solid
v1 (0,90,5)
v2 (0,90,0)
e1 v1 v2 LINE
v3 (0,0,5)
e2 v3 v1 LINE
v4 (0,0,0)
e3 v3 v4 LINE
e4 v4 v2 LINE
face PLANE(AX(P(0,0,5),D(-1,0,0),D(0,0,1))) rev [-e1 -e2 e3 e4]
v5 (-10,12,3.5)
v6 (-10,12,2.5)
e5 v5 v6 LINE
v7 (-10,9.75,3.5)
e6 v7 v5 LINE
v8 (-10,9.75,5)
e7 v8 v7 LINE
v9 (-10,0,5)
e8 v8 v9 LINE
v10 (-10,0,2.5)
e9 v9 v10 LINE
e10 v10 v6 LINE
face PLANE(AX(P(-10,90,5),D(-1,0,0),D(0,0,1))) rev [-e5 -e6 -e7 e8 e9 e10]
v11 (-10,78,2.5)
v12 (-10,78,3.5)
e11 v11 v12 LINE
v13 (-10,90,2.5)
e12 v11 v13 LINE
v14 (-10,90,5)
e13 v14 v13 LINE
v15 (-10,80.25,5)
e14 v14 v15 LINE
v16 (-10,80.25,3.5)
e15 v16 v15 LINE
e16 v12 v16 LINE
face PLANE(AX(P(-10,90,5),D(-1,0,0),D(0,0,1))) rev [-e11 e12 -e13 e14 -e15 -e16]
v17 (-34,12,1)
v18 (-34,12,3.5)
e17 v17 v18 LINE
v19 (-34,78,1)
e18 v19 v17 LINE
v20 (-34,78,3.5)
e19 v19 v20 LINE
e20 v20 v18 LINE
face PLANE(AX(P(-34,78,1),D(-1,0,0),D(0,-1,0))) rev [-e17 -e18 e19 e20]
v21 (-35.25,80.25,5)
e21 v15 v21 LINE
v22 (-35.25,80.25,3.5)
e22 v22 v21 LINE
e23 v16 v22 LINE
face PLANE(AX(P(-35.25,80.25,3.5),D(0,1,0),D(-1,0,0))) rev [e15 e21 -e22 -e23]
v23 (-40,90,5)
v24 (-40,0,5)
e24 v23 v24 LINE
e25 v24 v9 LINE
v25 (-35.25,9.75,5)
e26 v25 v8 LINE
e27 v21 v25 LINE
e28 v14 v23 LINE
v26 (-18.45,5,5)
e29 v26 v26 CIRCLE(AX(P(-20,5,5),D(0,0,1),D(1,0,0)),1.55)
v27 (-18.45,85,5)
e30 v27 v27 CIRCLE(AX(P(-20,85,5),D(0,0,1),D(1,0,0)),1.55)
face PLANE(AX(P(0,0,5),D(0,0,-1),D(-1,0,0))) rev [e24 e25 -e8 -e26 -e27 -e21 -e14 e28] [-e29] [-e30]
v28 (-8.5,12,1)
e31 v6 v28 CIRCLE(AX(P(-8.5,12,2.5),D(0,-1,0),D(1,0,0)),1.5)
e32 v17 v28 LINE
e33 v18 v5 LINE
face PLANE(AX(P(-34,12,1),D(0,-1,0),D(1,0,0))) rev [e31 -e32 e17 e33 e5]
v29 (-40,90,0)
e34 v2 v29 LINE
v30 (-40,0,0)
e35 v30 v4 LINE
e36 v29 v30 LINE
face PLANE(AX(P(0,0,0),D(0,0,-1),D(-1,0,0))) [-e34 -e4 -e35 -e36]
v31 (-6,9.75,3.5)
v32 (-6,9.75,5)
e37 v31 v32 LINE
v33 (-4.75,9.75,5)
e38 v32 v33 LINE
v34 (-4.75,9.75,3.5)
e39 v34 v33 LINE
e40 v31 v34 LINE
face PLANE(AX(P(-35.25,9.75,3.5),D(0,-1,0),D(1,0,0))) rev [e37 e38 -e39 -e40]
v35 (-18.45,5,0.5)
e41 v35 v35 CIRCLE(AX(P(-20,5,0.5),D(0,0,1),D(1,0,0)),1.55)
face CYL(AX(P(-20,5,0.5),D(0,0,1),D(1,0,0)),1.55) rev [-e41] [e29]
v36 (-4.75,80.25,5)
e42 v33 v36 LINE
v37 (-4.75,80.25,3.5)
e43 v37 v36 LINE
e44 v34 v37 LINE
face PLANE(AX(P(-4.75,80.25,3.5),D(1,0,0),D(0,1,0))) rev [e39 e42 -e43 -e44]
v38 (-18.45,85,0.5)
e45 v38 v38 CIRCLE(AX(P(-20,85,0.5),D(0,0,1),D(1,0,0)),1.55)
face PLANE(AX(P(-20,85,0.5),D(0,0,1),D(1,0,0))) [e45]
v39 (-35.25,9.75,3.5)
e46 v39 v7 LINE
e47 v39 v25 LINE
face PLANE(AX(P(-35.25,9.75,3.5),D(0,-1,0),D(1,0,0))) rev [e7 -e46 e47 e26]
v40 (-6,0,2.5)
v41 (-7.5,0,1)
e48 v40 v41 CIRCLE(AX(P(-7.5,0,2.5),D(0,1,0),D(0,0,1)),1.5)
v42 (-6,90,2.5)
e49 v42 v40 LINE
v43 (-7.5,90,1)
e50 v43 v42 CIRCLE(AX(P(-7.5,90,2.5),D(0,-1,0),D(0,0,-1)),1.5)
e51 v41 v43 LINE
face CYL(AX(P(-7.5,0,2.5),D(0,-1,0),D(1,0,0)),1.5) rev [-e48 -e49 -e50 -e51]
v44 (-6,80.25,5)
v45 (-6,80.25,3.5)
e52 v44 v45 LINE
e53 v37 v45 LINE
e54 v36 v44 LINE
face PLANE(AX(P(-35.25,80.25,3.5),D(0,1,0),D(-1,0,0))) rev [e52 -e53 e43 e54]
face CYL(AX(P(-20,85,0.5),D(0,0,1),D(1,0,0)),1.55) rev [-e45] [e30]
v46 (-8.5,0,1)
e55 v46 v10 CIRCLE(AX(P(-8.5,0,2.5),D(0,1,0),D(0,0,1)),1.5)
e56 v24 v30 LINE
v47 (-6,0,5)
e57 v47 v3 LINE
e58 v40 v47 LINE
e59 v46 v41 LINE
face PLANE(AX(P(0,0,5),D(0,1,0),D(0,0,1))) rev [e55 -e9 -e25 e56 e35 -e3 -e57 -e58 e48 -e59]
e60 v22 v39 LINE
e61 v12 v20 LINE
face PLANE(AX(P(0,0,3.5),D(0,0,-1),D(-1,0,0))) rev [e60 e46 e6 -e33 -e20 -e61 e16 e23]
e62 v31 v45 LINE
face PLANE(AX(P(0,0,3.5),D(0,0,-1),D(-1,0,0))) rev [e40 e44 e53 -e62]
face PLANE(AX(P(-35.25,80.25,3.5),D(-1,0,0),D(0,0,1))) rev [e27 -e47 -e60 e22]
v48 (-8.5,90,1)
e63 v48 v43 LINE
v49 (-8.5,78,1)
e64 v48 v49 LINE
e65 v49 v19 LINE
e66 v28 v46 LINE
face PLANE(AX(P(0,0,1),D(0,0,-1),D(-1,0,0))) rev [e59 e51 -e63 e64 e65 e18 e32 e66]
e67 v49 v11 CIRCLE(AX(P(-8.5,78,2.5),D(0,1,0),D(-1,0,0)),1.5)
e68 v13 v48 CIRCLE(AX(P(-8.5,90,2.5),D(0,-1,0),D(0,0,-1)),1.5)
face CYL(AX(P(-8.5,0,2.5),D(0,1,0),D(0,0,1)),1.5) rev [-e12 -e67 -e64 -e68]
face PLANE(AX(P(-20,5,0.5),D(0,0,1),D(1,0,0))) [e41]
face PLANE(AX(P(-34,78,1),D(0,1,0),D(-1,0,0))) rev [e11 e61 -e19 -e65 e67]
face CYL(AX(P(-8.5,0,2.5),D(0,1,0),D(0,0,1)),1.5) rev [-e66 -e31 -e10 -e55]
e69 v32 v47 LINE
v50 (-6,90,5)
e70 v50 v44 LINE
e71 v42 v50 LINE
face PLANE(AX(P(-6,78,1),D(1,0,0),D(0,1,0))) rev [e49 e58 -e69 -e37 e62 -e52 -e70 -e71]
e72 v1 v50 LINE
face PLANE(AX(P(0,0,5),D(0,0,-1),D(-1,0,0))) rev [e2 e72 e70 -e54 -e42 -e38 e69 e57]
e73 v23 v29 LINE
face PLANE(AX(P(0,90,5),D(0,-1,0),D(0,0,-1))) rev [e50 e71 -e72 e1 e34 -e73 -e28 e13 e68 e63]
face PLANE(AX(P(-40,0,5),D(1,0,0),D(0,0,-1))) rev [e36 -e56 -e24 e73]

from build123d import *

# Parameters (mm, degrees)
SKETCH1_W           = 90
SKETCH1_H           = 40
BOSS_EXTRUDE1_DEPTH = 5
SKETCH2_W           = 30.5
SKETCH2_H           = 70.5
CUT_EXTRUDE1_DEPTH  = 1.5
SKETCH3_W           = 28
SKETCH3_H           = 66
CUT_EXTRUDE2_DEPTH  = 2.5
SKETCH4_W           = 4
SKETCH4_H           = 4
CUT_EXTRUDE3_DEPTH  = 99.615414617
FILLET1_R           = 1.5
SKETCH6_R           = 1.55
CUT_EXTRUDE5_DEPTH  = 4.5
SKETCH7_R           = 1.55
CUT_EXTRUDE6_DEPTH  = 4.5


with BuildPart() as part:
    # Sketch1 → Boss-Extrude1 (new body)
    with BuildSketch(Plane(origin=(0, 0, 0), x_dir=(0, 1, 0), z_dir=(0, 0, 1))):
        with Locations((45, 20)):
            Rectangle(SKETCH1_W, SKETCH1_H)
    extrude(amount=BOSS_EXTRUDE1_DEPTH)

    # Sketch2 → Cut-Extrude1 (cut)
    with BuildSketch(Plane.XY.offset(5)):
        with Locations((-20, 45)):
            Rectangle(SKETCH2_W, SKETCH2_H)
    extrude(amount=-CUT_EXTRUDE1_DEPTH, mode=Mode.SUBTRACT)

    # Sketch3 → Cut-Extrude2 (cut)
    with BuildSketch(Plane.XY.offset(3.5)):
        with Locations((-20, 45)):
            Rectangle(SKETCH3_W, SKETCH3_H)
    extrude(amount=-CUT_EXTRUDE2_DEPTH, mode=Mode.SUBTRACT)

    # Sketch4 → Cut-Extrude3 (cut, through all)
    with BuildSketch(Plane.XZ):
        with Locations((-8, 3)):
            Rectangle(SKETCH4_W, SKETCH4_H)
    extrude(amount=-CUT_EXTRUDE3_DEPTH, mode=Mode.SUBTRACT)

    # Fillet1
    fillet1_edges = [part.edges().sort_by_distance(p)[0] for p in [
        (-6, 45, 1),
        (-10, 84, 1),
        (-10, 6, 1),
    ]]
    fillet(fillet1_edges, radius=FILLET1_R)

    # Sketch6 → Cut-Extrude5 (cut)
    with BuildSketch(Plane.XY.offset(5)):
        with Locations((-20, 85)):
            Circle(SKETCH6_R)
    extrude(amount=-CUT_EXTRUDE5_DEPTH, mode=Mode.SUBTRACT)

    # Sketch7 → Cut-Extrude6 (cut)
    with BuildSketch(Plane.XY.offset(5)):
        with Locations((-20, 5)):
            Circle(SKETCH7_R)
    extrude(amount=-CUT_EXTRUDE6_DEPTH, mode=Mode.SUBTRACT)


solid = part.part
